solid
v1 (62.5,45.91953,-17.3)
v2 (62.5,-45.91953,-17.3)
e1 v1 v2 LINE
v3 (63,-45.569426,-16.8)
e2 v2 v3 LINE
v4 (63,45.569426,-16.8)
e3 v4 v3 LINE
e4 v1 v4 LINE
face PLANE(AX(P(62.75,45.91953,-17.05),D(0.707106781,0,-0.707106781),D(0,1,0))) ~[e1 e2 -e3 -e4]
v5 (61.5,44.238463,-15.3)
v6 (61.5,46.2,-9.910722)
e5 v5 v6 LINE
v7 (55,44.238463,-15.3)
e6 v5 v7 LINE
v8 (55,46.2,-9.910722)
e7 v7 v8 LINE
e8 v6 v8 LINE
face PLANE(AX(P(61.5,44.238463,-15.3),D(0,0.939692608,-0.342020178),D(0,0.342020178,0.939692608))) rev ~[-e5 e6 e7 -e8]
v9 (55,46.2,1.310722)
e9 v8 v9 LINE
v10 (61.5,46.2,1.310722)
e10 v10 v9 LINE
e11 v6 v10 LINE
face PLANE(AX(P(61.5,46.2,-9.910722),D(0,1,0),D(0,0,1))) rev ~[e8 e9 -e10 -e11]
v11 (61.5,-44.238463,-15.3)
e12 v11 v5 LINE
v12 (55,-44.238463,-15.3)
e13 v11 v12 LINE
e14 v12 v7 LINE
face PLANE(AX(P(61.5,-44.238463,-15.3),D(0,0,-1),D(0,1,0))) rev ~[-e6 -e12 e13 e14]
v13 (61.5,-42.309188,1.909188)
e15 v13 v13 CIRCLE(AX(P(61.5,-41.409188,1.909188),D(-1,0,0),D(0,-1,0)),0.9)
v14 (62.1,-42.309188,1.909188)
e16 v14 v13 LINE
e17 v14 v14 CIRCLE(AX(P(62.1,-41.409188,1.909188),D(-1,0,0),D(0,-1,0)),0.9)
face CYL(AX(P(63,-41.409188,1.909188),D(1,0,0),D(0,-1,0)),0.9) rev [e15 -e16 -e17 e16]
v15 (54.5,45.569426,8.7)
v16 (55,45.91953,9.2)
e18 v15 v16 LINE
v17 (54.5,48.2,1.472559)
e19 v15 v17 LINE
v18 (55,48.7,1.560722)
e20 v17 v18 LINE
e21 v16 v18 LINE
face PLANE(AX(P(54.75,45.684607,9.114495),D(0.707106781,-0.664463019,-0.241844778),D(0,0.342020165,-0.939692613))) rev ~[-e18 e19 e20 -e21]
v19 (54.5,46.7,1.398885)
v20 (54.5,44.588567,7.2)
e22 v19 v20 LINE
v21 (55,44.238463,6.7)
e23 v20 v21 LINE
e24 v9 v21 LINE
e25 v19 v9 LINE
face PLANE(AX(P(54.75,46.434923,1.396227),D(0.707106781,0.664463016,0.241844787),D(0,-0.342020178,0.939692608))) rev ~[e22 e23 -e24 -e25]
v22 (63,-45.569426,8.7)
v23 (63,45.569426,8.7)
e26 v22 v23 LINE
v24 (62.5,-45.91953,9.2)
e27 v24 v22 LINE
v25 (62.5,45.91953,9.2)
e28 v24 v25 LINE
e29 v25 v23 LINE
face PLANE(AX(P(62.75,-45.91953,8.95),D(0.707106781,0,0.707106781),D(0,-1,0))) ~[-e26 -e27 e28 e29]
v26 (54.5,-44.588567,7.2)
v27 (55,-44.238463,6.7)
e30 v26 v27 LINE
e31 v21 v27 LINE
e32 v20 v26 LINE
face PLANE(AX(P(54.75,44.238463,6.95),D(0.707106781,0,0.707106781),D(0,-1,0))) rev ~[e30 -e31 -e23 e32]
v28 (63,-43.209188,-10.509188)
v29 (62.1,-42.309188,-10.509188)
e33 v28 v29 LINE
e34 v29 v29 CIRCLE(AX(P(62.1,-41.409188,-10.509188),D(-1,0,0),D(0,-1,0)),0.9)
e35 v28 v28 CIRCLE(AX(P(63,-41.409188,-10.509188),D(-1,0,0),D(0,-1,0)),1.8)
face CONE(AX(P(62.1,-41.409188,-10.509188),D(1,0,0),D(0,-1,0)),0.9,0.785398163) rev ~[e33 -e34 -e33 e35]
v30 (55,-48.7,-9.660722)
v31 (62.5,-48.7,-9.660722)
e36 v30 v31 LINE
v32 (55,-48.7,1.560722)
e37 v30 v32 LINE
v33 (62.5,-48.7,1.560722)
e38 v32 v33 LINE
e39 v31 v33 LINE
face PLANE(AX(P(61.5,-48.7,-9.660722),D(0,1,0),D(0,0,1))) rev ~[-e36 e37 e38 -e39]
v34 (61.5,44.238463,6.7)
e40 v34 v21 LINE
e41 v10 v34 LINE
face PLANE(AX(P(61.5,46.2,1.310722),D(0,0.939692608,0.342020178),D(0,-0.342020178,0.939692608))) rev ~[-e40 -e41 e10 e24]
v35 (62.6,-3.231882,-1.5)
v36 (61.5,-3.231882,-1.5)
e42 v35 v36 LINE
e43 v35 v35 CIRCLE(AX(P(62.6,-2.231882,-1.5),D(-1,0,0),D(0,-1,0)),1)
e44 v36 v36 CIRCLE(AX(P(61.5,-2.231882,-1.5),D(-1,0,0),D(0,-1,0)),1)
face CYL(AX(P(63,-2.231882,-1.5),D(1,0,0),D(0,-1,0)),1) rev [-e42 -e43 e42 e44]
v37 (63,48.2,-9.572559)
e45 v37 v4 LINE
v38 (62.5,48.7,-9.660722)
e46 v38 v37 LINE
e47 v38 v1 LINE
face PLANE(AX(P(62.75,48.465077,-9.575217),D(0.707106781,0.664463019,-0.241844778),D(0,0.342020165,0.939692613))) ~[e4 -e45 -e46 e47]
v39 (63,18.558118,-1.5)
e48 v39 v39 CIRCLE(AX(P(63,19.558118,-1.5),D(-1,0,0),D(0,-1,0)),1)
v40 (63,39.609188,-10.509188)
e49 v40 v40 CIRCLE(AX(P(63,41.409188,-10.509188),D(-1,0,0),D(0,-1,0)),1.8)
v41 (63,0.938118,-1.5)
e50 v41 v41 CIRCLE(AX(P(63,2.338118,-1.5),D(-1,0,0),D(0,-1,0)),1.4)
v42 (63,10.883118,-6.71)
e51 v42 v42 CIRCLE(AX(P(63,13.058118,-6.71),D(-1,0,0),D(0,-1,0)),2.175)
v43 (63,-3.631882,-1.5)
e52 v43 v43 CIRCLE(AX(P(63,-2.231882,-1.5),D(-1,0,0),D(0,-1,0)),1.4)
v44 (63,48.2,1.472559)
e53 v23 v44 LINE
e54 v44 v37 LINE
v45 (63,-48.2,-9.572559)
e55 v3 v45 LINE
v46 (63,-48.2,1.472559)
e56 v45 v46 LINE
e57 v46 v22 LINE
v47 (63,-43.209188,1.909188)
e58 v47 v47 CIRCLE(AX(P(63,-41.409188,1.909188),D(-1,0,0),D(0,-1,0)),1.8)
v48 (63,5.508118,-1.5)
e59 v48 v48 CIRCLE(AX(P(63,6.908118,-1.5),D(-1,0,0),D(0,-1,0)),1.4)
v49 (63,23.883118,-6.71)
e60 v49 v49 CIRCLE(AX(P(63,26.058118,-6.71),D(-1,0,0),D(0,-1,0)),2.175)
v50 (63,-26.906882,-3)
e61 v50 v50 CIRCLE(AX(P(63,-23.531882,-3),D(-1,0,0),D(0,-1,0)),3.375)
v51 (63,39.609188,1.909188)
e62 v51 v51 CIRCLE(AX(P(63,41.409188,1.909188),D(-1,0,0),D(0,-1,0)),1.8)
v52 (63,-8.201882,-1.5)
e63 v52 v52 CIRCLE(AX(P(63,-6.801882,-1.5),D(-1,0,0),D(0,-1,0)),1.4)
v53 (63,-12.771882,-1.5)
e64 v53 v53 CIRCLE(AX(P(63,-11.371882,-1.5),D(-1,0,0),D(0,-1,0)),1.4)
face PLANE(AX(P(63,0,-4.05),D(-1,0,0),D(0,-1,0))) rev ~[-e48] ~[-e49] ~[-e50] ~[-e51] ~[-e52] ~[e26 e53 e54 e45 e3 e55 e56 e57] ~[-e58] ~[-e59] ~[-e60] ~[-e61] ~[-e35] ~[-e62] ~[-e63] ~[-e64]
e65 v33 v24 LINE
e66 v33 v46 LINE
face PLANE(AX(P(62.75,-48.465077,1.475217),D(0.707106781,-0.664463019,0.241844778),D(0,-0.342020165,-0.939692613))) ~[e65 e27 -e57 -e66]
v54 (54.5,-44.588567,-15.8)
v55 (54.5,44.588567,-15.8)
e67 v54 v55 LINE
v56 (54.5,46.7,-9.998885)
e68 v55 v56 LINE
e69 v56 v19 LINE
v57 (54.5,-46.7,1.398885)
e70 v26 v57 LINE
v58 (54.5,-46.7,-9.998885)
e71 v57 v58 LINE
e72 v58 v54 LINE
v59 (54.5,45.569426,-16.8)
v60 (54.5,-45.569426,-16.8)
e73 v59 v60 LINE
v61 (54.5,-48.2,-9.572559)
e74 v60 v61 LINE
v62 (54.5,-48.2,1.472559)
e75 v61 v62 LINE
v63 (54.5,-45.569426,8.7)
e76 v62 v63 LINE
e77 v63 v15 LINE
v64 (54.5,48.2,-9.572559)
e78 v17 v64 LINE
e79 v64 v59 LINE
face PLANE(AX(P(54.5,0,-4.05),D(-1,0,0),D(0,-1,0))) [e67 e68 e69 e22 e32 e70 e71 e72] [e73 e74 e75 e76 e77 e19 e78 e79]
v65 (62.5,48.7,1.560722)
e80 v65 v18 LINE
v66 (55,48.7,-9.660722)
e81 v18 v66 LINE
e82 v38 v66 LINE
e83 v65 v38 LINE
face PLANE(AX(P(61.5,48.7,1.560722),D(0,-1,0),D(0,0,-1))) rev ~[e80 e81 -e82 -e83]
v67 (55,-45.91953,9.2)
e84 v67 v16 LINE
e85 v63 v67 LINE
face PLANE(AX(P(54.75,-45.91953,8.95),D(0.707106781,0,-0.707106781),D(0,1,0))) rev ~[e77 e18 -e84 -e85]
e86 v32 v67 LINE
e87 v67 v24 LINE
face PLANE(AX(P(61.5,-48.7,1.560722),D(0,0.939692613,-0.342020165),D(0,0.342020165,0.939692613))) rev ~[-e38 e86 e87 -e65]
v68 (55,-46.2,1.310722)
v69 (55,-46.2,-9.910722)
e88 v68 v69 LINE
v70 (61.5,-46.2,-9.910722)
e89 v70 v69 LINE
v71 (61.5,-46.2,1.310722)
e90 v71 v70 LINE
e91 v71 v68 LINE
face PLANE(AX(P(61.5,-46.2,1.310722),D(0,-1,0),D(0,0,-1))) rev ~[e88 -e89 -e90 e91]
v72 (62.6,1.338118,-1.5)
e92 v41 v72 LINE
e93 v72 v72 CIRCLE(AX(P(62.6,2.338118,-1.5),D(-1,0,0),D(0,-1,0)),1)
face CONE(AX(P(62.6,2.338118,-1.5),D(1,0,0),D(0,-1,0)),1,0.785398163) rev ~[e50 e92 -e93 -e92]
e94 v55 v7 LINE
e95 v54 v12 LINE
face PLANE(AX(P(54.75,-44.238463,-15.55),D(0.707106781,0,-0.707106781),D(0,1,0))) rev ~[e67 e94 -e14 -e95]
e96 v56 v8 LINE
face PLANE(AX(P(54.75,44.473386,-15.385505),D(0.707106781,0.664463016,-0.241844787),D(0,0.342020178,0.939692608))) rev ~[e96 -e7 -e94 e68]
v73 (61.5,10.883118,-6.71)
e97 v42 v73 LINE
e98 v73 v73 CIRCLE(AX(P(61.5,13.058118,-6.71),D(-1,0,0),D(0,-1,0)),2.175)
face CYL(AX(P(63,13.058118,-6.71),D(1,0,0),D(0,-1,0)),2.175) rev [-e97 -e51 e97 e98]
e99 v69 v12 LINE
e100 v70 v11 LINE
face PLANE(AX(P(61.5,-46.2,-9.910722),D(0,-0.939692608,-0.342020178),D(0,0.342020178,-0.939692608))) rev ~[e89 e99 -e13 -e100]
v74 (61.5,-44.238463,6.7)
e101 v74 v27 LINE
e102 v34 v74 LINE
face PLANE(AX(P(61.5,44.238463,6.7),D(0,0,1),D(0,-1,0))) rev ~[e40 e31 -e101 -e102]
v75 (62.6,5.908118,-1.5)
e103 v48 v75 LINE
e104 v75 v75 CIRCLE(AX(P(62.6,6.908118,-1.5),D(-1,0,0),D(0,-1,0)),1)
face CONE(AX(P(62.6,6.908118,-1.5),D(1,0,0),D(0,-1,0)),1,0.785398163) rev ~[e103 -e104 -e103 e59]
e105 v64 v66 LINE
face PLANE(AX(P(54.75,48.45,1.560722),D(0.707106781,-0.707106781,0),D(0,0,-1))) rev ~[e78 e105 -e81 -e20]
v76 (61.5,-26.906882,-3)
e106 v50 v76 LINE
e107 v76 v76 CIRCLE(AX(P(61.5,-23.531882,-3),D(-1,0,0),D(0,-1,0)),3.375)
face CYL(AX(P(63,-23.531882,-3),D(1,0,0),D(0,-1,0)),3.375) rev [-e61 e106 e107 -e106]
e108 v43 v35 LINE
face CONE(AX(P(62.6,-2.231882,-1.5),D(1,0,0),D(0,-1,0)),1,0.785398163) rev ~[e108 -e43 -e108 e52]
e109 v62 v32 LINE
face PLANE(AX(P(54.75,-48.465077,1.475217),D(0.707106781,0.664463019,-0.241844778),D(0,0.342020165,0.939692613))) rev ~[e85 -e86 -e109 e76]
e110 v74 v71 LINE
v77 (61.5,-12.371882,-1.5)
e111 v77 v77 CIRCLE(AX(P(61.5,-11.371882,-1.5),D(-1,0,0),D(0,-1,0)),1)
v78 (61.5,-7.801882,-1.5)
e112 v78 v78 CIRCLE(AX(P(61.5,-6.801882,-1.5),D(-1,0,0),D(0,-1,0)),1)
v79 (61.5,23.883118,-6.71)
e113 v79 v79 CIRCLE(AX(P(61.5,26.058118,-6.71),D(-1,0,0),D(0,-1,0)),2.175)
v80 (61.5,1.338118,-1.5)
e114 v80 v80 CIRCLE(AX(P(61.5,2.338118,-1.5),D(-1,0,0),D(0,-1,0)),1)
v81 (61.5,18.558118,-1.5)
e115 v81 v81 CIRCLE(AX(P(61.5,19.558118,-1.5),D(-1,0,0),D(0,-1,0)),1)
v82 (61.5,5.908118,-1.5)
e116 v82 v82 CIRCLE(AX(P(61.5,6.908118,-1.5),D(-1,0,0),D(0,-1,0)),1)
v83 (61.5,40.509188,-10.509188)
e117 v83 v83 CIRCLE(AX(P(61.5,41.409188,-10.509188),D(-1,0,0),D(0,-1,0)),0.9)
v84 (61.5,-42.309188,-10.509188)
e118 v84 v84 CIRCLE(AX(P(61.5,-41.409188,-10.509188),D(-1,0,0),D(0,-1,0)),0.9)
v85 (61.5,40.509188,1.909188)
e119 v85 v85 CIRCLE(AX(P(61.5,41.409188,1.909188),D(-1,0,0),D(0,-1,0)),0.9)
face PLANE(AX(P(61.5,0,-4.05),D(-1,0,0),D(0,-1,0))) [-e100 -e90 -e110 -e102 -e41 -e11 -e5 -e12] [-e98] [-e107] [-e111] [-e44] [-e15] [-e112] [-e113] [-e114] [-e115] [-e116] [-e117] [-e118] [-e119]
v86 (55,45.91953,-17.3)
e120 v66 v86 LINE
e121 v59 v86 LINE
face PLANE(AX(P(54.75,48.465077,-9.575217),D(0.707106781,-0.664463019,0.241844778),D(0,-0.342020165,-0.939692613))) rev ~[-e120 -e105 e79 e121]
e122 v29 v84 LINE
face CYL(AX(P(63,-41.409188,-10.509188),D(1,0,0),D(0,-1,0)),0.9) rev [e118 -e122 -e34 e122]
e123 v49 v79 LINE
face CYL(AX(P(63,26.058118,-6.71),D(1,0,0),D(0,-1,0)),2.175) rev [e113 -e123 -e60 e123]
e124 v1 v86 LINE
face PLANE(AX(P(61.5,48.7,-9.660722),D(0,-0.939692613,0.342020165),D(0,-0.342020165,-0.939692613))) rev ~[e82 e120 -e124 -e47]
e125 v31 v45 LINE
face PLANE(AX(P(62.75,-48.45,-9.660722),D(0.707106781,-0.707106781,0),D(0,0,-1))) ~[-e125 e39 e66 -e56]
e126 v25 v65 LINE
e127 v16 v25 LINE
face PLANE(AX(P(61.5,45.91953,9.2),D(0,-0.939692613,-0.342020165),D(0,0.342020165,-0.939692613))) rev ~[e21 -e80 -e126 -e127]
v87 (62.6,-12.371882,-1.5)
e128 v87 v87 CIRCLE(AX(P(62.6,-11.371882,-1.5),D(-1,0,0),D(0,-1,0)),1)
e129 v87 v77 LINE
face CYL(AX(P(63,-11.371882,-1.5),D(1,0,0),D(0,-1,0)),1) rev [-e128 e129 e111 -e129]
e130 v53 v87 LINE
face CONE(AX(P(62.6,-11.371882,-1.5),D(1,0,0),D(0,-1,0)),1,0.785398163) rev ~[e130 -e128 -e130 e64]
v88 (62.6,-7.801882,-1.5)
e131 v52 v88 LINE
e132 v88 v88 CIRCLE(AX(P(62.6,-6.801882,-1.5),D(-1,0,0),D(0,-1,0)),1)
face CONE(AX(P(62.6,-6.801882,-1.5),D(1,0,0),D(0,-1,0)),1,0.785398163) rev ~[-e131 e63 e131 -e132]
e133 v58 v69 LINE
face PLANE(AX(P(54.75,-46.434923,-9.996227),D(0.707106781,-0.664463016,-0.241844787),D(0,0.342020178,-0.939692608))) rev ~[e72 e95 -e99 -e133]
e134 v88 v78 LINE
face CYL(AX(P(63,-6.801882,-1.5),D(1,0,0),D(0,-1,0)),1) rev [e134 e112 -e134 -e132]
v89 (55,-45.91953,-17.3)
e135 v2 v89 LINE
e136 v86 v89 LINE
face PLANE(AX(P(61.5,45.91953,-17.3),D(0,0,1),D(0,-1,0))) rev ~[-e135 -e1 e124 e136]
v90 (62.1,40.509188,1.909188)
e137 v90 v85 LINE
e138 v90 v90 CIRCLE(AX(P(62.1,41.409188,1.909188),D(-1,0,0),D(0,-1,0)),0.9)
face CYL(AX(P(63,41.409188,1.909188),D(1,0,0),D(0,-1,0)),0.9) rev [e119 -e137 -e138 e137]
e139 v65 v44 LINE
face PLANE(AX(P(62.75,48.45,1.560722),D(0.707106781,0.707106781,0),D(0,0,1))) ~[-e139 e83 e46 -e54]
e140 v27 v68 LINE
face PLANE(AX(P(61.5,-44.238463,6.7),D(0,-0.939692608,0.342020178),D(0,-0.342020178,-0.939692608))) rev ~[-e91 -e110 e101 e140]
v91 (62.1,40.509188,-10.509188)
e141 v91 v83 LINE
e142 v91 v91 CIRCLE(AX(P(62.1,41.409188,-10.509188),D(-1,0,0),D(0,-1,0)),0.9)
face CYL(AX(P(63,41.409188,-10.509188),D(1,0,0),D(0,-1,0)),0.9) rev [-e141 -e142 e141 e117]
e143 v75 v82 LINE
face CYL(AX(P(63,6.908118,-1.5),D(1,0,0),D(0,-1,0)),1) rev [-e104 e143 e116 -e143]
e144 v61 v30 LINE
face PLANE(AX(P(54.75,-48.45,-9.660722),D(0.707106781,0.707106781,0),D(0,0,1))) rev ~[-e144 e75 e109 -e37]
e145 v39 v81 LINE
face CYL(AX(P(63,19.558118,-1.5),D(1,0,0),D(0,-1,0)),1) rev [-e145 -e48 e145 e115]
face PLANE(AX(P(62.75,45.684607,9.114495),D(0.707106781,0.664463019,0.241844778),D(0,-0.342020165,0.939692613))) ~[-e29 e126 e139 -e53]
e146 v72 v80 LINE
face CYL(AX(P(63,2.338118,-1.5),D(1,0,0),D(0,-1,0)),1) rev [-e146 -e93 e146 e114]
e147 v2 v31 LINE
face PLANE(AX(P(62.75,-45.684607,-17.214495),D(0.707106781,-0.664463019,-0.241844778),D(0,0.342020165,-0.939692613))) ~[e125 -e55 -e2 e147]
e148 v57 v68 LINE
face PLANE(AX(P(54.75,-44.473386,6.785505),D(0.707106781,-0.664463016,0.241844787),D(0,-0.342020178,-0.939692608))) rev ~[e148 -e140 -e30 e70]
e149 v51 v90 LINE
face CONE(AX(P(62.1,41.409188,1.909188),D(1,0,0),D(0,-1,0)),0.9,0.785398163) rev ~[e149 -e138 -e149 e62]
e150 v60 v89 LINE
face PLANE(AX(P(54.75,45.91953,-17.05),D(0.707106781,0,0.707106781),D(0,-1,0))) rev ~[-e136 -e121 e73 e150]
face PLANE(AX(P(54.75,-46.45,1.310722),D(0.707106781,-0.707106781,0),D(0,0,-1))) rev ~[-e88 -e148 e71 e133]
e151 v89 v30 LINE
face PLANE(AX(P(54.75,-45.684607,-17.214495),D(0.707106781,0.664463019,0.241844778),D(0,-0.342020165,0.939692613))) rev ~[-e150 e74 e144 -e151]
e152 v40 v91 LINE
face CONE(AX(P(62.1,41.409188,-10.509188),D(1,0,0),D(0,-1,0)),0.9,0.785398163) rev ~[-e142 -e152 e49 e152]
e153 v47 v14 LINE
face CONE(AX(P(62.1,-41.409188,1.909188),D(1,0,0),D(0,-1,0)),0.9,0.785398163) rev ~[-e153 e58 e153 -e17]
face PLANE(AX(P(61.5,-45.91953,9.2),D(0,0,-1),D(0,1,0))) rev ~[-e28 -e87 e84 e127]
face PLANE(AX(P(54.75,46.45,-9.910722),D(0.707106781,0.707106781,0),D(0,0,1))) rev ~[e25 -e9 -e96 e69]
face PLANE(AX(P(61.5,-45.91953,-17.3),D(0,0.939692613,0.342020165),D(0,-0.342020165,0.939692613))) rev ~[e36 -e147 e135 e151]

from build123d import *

# Parameters (mm, degrees)
SKETCH014_R             = 2.175
SKETCH014_R_2           = 1
SKETCH014_R_3           = 3.375
SKETCH014_R_4           = 0.9
PAD012_DEPTH            = 1.5
PAD013_DEPTH            = 1.5
PAD013_DEPTH_BACK       = 7
CHAMFER_SIZE            = 0.9
CHAMFER001_SIZE         = 0.5
CHAMFER002_SIZE         = 0.5
CHAMFER003_SIZE         = 0.4
BODY003_PLACEMENT_ANGLE = 180


with BuildPart() as part:
    # Sketch014 → Pad012 (new body)
    with BuildSketch(Plane.YZ.offset(60)):
        Polygon((-44.238463, 6.7), (44.238463, 6.7), (46.2, 1.310722), (46.2, -9.910722), (44.238463, -15.3), (-44.238463, -15.3), (-46.2, -9.910722), (-46.2, 1.310722), align=None)
        with Locations((-26.058118, -6.71)):
            Circle(SKETCH014_R, mode=Mode.SUBTRACT)
        with Locations((-19.558118, -1.5)):
            Circle(SKETCH014_R_2, mode=Mode.SUBTRACT)
        with Locations((-13.058118, -6.71)):
            Circle(SKETCH014_R, mode=Mode.SUBTRACT)
        with Locations((-6.908118, -1.5)):
            Circle(SKETCH014_R_2, mode=Mode.SUBTRACT)
        with Locations((-2.338118, -1.5)):
            Circle(SKETCH014_R_2, mode=Mode.SUBTRACT)
        with Locations((2.231882, -1.5)):
            Circle(SKETCH014_R_2, mode=Mode.SUBTRACT)
        with Locations((6.801882, -1.5)):
            Circle(SKETCH014_R_2, mode=Mode.SUBTRACT)
        with Locations((11.371882, -1.5)):
            Circle(SKETCH014_R_2, mode=Mode.SUBTRACT)
        with Locations((23.531882, -3)):
            Circle(SKETCH014_R_3, mode=Mode.SUBTRACT)
        with Locations((-41.409188, 1.909188)):
            Circle(SKETCH014_R_4, mode=Mode.SUBTRACT)
        with Locations((41.409188, 1.909188)):
            Circle(SKETCH014_R_4, mode=Mode.SUBTRACT)
        with Locations((41.409188, -10.509188)):
            Circle(SKETCH014_R_4, mode=Mode.SUBTRACT)
        with Locations((-41.409188, -10.509188)):
            Circle(SKETCH014_R_4, mode=Mode.SUBTRACT)
    extrude(amount=PAD012_DEPTH)

    # Sketch015 (on Face23 of Pad012) → Pad013 (join, two sides)
    with BuildSketch(Plane.YZ.offset(61.5)) as pad013_sk:
        Polygon((-45.91953, 9.2), (-48.7, 1.560722), (-48.7, -9.660722), (-45.91953, -17.3), (45.91953, -17.3), (48.7, -9.660722), (48.7, 1.560722), (45.91953, 9.2), align=None)
        Polygon((-44.238463, 6.7), (44.238463, 6.7), (46.2, 1.310722), (46.2, -9.910722), (44.238463, -15.3), (-44.238463, -15.3), (-46.2, -9.910722), (-46.2, 1.310722), align=None, mode=Mode.SUBTRACT)
    extrude(amount=-PAD013_DEPTH)
    extrude(pad013_sk.sketch, amount=PAD013_DEPTH_BACK)

    # Chamfer
    chamfer_edges = [part.edges().sort_by_distance(p)[0] for p in [
        (60, -42.309188, -10.509188),
        (60, -42.309188, 1.909188),
        (60, 40.509188, 1.909188),
        (60, 40.509188, -10.509188),
    ]]
    chamfer(chamfer_edges, length=CHAMFER_SIZE)

    # Chamfer001
    chamfer001_edges = [part.edges().sort_by_distance(p)[0] for p in [
        (68.5, 0, 6.7),
        (68.5, -45.219232, 4.005361),
        (68.5, -46.2, -4.3),
        (68.5, -45.219232, -12.605361),
        (68.5, 0, -15.3),
        (68.5, 45.219232, -12.605361),
        (68.5, 46.2, -4.3),
        (68.5, 45.219232, 4.005361),
    ]]
    chamfer(chamfer001_edges, length=CHAMFER001_SIZE)

    # Chamfer002
    chamfer002_edges = [part.edges().sort_by_distance(p)[0] for p in [
        (68.5, 0, 9.2),
        (68.5, -47.309765, 5.380361),
        (68.5, -48.7, -4.05),
        (68.5, -47.309765, -13.480361),
        (68.5, 0, -17.3),
        (68.5, 47.309765, -13.480361),
        (68.5, 48.7, -4.05),
        (68.5, 47.309765, 5.380361),
        (60, 47.309765, 5.380361),
        (60, 48.7, -4.05),
        (60, 47.309765, -13.480361),
        (60, 0, -17.3),
        (60, 0, 9.2),
        (60, -47.309765, 5.380361),
        (60, -48.7, -4.05),
        (60, -47.309765, -13.480361),
    ]]
    chamfer(chamfer002_edges, length=CHAMFER002_SIZE)

    # Chamfer003
    chamfer003_edges = [part.edges().sort_by_distance(p)[0] for p in [
        (60, -7.908118, -1.5),
        (60, -3.338118, -1.5),
        (60, 1.231882, -1.5),
        (60, 5.801882, -1.5),
        (60, 10.371882, -1.5),
    ]]
    chamfer(chamfer003_edges, length=CHAMFER003_SIZE)


with BuildPart() as part_1:
    # Body003 placement: moved
    add(part.part.moved(Location((123, 0, 0))).rotate(Axis((123, 0, 0), (0, 0, 1)), BODY003_PLACEMENT_ANGLE))


solid = part_1.part
